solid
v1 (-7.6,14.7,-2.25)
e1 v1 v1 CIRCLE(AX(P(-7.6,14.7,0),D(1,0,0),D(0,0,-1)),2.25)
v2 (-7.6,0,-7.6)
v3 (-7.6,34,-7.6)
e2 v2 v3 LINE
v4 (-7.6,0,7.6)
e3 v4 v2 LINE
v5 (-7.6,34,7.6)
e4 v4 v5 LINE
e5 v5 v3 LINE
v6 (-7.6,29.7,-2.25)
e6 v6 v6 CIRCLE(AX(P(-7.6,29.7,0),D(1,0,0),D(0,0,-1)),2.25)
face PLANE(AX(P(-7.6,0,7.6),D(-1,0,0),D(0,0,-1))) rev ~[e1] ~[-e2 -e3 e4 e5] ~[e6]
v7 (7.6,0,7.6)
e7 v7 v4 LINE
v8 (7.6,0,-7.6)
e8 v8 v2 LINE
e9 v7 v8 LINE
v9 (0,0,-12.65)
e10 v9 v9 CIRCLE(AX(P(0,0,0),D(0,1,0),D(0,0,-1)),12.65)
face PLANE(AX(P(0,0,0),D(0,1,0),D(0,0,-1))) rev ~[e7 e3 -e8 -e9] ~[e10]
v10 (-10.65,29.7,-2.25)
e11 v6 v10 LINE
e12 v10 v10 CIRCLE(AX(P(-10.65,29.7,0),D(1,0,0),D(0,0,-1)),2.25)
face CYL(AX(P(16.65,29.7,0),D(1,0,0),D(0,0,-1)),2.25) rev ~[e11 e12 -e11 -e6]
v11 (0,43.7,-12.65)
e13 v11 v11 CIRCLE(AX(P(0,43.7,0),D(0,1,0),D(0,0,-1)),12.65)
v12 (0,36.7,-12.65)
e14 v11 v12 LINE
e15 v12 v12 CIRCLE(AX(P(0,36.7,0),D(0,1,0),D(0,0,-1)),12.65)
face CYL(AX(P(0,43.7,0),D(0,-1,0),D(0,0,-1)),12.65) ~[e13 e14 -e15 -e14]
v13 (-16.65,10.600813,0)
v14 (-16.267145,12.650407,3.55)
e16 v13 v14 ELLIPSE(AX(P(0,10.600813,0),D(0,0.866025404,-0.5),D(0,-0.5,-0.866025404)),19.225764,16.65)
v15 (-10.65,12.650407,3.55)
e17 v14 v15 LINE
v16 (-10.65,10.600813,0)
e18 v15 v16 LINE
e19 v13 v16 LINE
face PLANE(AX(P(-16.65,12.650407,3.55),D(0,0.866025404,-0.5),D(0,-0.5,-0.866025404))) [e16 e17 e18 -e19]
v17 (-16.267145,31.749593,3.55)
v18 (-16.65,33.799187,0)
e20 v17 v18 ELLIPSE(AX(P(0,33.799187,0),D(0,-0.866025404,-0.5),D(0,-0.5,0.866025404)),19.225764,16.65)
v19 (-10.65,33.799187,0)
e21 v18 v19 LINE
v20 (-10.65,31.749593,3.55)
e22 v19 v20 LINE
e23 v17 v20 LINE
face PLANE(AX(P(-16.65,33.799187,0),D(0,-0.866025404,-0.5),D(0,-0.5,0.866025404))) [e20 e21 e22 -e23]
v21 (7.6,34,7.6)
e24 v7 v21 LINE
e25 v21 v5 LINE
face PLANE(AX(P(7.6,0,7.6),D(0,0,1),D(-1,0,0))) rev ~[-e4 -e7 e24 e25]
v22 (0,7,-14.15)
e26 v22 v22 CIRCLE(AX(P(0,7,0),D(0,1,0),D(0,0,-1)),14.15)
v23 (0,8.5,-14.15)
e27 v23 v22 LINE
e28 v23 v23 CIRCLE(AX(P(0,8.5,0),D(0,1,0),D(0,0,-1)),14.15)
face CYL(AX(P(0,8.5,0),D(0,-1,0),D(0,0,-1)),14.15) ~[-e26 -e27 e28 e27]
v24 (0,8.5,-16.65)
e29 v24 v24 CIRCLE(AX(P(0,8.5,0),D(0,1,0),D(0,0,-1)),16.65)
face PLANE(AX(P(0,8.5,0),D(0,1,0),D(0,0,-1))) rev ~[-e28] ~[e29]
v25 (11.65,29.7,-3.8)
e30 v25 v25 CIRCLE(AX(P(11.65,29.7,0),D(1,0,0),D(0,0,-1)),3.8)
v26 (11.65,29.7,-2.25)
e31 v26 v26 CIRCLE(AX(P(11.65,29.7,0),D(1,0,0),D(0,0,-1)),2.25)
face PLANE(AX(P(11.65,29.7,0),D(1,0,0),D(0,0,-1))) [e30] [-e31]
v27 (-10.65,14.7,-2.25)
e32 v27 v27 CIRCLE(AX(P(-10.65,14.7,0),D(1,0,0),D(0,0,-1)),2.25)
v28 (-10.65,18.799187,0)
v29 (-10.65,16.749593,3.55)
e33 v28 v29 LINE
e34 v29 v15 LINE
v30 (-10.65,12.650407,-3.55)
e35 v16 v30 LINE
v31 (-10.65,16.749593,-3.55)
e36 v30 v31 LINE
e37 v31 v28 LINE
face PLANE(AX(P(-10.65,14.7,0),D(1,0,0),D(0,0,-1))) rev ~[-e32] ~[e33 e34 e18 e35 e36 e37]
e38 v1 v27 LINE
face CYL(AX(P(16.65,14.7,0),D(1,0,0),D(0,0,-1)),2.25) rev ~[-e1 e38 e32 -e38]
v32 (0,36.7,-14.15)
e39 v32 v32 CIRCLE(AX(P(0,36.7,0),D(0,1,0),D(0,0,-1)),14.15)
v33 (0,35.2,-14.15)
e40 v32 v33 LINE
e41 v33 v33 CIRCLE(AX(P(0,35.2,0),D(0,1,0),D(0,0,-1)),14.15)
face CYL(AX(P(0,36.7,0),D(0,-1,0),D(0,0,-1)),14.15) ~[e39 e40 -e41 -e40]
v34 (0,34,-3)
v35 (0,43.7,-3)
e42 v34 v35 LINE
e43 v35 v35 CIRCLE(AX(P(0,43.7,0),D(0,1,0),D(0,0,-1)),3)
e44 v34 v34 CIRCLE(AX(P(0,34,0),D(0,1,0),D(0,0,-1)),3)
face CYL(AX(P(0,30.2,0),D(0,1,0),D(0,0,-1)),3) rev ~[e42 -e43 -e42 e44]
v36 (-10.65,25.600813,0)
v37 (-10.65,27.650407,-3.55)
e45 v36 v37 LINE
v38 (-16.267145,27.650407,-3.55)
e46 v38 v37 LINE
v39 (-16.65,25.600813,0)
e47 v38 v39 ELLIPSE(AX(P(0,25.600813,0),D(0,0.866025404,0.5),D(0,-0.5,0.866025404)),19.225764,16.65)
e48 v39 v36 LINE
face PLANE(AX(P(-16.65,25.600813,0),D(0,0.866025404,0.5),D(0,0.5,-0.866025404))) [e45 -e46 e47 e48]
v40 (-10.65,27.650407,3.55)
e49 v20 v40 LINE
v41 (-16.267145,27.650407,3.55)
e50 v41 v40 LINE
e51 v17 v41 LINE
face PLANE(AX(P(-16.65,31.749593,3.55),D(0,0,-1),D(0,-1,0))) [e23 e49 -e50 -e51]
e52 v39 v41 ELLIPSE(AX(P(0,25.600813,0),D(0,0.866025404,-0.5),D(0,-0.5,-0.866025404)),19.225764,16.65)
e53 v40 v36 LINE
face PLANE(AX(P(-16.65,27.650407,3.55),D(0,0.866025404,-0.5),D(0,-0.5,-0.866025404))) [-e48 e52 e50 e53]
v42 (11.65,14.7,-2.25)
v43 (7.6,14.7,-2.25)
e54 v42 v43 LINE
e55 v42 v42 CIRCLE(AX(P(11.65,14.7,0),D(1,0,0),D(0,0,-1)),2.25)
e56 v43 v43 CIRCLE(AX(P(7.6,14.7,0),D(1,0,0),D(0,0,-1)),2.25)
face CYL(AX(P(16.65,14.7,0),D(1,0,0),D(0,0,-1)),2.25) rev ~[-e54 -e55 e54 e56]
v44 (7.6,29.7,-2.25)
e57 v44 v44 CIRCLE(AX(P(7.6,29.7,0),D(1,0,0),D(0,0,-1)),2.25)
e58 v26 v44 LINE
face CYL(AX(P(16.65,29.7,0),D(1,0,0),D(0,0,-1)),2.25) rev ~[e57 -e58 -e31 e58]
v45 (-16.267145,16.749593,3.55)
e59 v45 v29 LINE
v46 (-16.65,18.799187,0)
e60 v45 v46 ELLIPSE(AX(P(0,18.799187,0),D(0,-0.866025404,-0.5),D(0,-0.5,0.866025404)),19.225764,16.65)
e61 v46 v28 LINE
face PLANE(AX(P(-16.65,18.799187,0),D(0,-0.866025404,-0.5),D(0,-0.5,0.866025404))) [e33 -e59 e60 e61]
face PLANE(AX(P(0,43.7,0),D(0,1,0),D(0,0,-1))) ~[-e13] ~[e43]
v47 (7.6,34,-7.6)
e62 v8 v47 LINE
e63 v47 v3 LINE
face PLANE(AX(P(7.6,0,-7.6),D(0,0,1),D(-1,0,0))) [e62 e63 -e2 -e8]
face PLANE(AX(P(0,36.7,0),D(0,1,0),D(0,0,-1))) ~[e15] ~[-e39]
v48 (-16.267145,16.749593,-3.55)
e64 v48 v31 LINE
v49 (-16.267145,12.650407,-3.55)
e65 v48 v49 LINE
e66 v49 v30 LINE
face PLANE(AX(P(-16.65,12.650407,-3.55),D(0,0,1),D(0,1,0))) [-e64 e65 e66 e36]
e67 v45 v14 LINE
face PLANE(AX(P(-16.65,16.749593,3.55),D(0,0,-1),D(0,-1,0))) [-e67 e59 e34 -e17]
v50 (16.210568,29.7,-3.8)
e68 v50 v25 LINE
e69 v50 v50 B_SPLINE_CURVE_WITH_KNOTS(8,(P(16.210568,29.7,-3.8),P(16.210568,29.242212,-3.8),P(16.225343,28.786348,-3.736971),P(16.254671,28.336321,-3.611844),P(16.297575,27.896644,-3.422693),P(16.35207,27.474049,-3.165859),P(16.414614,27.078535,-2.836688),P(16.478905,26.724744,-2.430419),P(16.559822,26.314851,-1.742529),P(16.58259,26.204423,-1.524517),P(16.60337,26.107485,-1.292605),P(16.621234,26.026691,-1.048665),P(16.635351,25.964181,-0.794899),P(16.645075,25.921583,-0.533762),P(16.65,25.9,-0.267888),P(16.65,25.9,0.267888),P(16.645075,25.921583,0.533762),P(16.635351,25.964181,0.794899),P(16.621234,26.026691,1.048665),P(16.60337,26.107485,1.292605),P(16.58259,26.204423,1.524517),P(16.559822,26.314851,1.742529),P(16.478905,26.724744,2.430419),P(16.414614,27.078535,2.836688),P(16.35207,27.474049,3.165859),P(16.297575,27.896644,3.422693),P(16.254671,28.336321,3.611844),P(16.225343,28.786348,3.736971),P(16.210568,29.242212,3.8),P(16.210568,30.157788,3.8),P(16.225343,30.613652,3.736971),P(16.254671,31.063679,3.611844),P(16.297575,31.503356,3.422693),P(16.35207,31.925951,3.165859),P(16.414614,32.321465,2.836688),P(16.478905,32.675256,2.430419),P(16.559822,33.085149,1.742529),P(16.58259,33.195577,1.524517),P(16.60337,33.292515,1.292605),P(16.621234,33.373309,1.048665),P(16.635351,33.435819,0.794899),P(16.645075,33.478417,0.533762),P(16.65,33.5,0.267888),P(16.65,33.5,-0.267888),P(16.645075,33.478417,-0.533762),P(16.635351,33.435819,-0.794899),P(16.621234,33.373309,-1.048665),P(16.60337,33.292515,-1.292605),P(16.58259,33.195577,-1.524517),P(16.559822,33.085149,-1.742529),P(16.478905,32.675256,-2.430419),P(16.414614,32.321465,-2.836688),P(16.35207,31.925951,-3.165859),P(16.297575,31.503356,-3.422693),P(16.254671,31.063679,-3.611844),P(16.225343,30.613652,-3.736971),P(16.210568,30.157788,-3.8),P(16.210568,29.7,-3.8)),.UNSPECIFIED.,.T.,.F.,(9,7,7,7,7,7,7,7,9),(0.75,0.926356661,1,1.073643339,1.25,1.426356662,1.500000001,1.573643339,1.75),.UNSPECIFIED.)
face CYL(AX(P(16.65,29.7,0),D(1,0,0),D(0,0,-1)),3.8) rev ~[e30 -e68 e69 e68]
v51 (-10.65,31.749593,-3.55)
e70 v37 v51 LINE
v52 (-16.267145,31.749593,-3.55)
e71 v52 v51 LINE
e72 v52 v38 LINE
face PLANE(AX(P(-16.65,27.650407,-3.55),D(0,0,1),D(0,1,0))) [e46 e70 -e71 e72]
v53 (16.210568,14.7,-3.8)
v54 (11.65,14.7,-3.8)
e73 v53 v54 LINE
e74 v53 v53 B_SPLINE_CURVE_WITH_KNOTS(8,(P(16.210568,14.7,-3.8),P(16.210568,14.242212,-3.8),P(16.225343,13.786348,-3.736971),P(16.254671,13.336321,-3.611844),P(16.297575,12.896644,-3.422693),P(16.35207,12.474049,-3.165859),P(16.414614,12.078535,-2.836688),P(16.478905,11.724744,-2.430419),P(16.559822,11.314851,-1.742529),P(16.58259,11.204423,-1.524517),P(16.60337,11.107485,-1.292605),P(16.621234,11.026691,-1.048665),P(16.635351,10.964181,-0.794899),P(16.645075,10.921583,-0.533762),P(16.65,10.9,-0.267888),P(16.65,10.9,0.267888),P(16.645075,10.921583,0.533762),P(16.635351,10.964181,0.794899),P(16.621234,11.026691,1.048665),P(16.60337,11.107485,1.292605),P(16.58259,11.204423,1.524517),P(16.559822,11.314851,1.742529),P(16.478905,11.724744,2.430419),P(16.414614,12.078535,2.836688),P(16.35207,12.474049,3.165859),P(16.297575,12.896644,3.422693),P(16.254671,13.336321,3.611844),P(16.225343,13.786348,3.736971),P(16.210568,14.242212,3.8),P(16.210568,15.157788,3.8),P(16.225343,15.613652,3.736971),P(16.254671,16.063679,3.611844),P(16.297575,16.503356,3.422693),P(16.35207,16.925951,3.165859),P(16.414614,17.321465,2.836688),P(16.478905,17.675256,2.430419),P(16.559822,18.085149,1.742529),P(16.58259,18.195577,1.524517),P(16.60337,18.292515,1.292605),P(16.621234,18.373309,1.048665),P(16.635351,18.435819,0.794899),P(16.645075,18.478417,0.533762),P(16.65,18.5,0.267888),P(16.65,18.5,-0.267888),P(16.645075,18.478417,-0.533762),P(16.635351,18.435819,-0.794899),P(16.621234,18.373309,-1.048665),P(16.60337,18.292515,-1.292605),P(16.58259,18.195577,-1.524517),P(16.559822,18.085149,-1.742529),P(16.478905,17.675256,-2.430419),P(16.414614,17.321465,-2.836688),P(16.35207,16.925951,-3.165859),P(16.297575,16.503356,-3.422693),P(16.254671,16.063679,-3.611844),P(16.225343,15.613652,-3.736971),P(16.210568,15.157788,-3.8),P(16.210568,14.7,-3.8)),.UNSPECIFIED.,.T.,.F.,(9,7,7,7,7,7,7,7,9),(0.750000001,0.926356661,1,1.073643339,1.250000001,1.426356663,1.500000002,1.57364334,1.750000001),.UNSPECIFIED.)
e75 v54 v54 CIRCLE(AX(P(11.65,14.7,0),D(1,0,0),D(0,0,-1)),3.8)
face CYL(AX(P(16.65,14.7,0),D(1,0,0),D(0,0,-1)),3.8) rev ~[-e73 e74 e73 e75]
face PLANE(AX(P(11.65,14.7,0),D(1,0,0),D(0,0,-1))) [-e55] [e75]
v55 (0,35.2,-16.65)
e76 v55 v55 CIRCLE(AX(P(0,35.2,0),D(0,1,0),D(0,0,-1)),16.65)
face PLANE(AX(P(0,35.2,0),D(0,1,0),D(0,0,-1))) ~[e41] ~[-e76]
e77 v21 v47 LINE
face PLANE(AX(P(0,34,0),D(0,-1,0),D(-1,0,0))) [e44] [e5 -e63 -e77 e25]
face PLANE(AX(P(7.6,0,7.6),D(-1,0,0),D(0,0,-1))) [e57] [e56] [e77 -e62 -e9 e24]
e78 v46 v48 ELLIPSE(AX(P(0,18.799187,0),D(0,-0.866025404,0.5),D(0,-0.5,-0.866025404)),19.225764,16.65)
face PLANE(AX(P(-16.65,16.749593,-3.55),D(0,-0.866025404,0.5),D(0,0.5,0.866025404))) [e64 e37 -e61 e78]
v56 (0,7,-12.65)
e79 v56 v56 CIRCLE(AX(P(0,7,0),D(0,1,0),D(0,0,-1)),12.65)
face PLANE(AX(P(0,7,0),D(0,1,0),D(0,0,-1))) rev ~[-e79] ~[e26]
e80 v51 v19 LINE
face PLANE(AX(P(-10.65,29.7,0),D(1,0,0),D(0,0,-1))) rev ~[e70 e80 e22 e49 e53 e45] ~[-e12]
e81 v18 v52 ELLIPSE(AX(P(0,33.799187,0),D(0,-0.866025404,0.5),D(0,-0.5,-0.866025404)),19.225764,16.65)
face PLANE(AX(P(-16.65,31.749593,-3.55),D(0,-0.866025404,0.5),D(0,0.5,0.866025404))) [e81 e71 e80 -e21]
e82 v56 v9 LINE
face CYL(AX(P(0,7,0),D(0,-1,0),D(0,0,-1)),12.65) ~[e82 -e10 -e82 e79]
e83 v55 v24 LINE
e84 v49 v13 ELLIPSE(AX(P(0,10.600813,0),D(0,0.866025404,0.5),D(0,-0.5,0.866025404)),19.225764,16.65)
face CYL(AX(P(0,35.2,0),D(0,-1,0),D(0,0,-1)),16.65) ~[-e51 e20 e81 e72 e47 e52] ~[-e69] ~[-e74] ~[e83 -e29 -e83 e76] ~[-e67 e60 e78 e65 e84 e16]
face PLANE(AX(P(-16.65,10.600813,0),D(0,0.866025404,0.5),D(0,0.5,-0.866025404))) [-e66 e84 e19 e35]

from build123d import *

# Parameters (mm, degrees)
SKETCH_1102_W          = 15.2
SKETCH_1102_H          = 15.2
CUT_EXTRUDE_1177_DEPTH = 34
SKETCH_1232_R          = 2.25
CUT_EXTRUDE_1504_DEPTH = 58.409080292
SKETCH_3_R             = 3.8
SKETCH_3_R_2           = 2.25
CUT_EXTRUDE_1538_DEPTH = 5
CUT_EXTRUDE_2118_DEPTH = 6


with BuildPart() as part:
    # Sketch 450 → Повернуть1 (revolve)
    with BuildSketch(Plane.XY):
        Polygon((3, 43.7), (12.65, 43.7), (12.65, 36.7), (14.15, 36.7), (14.15, 35.2), (16.65, 35.2), (16.65, 8.5), (14.15, 8.5), (14.15, 7), (12.65, 7), (12.65, 0), (0, 0), (0, 30.2), (3, 30.2), align=None)
    revolve(axis=Axis((0, 0, 0), (0, 1, 0)))

    # Sketch 1102 → Cut-Extrude 1177 (cut)
    with BuildSketch(Plane(origin=(0, 0, 0), x_dir=(-1, 0, 0), z_dir=(0, -1, 0))):
        Rectangle(SKETCH_1102_W, SKETCH_1102_H)
    extrude(amount=-CUT_EXTRUDE_1177_DEPTH, mode=Mode.SUBTRACT)

    # Sketch 1232 → Cut-Extrude 1504 (cut, through all)
    with BuildSketch(Plane(origin=(16.65, 0, 0), x_dir=(0, 0, -1), z_dir=(1, 0, 0))):
        with Locations((0, 29.7)):
            Circle(SKETCH_1232_R)
        with Locations((0, 14.7)):
            Circle(SKETCH_1232_R)
    extrude(amount=-CUT_EXTRUDE_1504_DEPTH, mode=Mode.SUBTRACT)

    # Sketch 3 → Cut-Extrude 1538 (cut)
    # profile 1 of 2: a face of its own
    with BuildSketch(Plane(origin=(16.65, 0, 0), x_dir=(0, 0, -1), z_dir=(1, 0, 0))):
        with Locations((0, 29.7)):
            Circle(SKETCH_3_R)
        with Locations((0, 29.7)):
            Circle(SKETCH_3_R_2, mode=Mode.SUBTRACT)
    # profile 2 of 2: a face of its own
    with BuildSketch(Plane(origin=(16.65, 0, 0), x_dir=(0, 0, -1), z_dir=(1, 0, 0))):
        with Locations((0, 14.7)):
            Circle(SKETCH_3_R)
        with Locations((0, 14.7)):
            Circle(SKETCH_3_R_2, mode=Mode.SUBTRACT)
    extrude(amount=-CUT_EXTRUDE_1538_DEPTH, mode=Mode.SUBTRACT)

    # Sketch 1662 → Cut-Extrude 2118 (cut)
    with BuildSketch(Plane.ZY.offset(16.65)):
        Polygon((3.55, 31.749593456), (0, 33.799186911), (-3.55, 31.749593456), (-3.55, 27.650406544), (0, 25.600813089), (3.55, 27.650406544), align=None)
        Polygon((3.55, 16.749593456), (0, 18.799186911), (-3.55, 16.749593456), (-3.55, 12.650406544), (0, 10.600813089), (3.55, 12.650406544), align=None)
    extrude(amount=-CUT_EXTRUDE_2118_DEPTH, mode=Mode.SUBTRACT)


solid = part.part
